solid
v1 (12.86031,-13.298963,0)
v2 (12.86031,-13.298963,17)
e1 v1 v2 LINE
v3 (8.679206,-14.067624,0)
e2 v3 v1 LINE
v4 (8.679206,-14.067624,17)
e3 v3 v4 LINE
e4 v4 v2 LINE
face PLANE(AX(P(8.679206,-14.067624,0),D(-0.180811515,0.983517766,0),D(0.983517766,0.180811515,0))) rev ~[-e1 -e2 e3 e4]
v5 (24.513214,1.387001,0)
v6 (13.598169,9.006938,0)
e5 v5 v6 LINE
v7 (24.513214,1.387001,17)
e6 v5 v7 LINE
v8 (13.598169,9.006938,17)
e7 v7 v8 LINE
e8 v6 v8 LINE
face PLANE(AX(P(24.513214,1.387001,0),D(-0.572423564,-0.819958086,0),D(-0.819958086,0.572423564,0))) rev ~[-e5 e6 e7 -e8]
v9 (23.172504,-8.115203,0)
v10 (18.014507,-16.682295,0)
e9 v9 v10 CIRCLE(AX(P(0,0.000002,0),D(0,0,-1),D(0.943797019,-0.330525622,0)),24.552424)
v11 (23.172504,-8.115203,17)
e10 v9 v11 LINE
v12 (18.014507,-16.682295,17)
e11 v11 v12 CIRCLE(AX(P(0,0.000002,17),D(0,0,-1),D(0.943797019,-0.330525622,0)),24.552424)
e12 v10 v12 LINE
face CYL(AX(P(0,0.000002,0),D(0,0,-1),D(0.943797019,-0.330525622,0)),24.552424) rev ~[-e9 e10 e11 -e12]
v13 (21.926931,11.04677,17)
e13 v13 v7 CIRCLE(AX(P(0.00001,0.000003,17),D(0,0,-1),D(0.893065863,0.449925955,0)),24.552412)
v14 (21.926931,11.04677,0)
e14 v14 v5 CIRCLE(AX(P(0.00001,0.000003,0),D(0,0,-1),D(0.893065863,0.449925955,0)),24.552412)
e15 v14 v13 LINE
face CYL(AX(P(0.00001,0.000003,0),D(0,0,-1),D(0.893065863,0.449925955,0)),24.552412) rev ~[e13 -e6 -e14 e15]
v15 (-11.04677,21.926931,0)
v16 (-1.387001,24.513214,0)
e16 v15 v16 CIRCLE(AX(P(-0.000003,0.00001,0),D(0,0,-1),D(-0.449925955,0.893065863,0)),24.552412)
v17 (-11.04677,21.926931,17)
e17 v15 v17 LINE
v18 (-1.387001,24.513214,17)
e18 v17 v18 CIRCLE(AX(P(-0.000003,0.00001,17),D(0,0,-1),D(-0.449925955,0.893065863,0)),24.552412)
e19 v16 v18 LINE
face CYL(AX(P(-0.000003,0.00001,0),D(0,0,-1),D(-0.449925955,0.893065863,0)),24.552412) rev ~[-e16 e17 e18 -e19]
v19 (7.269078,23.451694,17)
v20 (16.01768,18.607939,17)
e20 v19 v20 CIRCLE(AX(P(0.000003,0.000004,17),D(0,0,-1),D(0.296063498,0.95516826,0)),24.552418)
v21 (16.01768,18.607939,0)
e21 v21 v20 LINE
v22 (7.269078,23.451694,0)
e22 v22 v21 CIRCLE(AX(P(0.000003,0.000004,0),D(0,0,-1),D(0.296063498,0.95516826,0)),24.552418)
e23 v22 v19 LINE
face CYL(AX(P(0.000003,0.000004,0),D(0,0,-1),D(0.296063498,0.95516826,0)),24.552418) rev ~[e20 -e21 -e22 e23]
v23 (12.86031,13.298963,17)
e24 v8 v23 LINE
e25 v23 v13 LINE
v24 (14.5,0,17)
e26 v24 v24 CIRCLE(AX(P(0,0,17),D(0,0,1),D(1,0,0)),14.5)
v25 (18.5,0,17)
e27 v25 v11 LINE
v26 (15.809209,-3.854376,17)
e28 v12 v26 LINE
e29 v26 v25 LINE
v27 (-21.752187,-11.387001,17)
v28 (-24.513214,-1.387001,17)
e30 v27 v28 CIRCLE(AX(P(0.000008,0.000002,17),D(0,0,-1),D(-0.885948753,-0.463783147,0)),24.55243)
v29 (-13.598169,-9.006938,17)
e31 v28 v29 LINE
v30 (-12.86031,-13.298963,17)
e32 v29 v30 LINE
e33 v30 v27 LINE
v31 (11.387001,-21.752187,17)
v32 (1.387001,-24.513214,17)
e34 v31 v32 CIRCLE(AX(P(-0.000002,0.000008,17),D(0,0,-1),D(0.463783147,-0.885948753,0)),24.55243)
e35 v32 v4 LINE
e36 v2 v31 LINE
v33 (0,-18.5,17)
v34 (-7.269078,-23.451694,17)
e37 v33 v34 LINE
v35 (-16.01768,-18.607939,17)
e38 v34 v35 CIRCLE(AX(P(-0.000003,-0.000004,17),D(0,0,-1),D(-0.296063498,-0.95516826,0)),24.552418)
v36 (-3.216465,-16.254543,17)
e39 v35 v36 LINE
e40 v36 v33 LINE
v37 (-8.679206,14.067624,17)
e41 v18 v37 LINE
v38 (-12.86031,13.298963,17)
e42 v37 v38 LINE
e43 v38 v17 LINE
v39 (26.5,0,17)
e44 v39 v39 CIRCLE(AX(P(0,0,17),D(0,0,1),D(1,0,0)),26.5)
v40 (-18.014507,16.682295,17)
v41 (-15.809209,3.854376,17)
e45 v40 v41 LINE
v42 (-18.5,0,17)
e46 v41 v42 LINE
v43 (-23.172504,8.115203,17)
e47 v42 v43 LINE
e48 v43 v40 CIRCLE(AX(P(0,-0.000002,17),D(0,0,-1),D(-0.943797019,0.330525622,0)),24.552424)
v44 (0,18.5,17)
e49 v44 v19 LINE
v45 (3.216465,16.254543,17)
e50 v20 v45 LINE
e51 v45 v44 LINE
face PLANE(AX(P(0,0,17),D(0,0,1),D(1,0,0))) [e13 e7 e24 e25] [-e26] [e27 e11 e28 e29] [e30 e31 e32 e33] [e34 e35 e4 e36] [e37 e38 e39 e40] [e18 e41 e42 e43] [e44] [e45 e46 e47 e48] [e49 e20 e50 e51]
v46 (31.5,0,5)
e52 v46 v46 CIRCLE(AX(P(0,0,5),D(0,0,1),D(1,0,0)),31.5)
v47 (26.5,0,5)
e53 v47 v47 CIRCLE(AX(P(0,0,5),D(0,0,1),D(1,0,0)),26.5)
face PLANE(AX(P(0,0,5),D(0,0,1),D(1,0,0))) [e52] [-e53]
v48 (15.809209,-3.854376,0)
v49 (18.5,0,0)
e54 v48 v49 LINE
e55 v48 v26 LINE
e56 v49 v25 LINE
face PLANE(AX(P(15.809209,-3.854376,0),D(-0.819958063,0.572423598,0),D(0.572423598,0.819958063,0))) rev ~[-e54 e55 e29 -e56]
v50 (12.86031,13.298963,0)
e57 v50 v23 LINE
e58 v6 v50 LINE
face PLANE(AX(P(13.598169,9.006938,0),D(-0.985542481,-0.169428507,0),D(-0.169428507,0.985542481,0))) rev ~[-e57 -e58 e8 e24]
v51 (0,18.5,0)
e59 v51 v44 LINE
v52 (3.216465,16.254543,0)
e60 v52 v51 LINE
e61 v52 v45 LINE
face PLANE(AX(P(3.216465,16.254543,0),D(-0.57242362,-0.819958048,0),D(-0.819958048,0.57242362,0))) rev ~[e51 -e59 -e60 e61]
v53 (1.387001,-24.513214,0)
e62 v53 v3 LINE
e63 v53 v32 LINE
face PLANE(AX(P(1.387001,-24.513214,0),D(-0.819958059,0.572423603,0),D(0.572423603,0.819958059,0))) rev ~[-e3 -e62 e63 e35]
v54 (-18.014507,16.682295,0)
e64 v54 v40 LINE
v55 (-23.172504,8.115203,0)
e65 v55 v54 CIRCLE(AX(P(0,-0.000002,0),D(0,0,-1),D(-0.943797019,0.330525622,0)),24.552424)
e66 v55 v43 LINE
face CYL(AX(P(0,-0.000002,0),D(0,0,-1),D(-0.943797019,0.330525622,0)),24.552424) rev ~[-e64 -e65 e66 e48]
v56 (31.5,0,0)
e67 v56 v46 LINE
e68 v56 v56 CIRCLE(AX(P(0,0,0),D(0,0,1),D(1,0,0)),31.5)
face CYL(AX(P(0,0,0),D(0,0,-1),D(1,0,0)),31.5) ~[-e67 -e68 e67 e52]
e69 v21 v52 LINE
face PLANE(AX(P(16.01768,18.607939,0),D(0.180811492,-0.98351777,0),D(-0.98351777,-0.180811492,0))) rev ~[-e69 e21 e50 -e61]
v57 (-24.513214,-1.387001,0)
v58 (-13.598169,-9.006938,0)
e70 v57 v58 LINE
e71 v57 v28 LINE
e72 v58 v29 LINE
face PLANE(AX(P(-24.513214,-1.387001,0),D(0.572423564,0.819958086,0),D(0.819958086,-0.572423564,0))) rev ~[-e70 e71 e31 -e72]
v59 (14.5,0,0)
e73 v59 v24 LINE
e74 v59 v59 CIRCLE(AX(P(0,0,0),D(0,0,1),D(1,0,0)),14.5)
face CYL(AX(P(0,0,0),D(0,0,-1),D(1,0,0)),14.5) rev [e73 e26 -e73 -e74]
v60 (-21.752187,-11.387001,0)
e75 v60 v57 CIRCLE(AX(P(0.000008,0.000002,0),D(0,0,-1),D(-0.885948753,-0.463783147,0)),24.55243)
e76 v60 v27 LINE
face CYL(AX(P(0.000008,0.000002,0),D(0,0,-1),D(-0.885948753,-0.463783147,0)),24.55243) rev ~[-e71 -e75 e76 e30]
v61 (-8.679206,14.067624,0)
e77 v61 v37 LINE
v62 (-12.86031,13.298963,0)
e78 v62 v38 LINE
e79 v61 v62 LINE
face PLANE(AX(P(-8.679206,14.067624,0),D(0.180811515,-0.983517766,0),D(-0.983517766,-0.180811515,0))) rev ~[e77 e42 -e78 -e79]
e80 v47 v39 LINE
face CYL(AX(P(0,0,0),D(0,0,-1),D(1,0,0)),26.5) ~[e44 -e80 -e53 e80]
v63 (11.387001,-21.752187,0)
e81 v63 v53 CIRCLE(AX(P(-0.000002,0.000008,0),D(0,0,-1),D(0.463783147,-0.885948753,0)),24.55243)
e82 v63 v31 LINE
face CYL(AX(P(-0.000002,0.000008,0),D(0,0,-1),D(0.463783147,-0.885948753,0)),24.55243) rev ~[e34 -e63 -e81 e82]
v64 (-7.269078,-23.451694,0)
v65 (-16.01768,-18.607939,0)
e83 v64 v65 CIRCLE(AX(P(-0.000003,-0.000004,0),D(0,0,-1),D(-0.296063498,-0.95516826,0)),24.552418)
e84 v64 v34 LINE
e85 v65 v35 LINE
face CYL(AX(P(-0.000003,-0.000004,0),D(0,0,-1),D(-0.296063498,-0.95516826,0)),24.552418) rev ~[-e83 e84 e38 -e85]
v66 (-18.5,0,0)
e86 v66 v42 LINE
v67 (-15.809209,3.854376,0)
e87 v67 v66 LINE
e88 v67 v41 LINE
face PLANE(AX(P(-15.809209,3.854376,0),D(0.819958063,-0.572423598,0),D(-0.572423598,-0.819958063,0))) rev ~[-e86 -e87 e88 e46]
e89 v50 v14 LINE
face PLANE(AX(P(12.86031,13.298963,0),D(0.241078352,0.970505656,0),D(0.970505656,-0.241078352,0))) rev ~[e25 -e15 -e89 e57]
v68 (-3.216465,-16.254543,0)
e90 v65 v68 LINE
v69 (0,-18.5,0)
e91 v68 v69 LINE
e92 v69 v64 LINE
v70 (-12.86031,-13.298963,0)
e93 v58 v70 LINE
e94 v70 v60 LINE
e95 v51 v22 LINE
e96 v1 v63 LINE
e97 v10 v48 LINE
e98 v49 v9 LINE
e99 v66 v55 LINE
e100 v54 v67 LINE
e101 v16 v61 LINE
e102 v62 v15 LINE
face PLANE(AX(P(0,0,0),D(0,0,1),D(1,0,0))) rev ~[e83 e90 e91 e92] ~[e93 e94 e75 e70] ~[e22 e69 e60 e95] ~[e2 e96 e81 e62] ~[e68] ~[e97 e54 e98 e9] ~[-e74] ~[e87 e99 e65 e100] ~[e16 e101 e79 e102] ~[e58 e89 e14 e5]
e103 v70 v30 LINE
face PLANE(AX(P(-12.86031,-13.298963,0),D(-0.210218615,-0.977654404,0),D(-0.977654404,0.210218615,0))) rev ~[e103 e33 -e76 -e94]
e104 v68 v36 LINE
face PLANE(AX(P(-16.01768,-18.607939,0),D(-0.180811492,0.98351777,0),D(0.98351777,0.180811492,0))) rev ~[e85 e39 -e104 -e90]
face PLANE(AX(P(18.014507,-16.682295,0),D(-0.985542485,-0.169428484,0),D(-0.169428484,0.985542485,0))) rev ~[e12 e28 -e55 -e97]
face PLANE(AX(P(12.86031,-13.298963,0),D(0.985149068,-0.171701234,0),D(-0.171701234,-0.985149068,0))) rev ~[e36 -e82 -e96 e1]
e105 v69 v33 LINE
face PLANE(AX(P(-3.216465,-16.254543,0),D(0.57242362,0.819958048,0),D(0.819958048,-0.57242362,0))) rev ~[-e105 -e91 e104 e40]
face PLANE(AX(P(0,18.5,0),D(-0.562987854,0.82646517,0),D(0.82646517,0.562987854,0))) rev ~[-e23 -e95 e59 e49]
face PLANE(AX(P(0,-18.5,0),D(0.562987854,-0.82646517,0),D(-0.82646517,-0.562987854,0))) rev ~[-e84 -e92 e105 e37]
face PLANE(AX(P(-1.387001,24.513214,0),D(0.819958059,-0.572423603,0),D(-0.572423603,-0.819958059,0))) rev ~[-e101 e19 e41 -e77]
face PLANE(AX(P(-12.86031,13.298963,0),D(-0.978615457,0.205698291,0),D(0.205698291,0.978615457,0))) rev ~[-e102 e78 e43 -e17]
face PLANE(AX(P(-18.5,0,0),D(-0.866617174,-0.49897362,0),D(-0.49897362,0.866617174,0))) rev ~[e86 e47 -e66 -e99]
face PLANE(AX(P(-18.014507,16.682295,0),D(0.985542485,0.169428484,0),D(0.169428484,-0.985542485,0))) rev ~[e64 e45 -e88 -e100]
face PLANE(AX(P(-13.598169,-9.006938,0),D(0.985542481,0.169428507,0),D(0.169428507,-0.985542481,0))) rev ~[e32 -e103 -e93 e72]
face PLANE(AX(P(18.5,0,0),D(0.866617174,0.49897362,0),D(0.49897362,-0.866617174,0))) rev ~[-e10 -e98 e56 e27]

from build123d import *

# Parameters (mm, degrees)
F0_R     = 26.5
F0_R_2   = 14.5
F1_DEPTH = 17
F0_R_3   = 31.5
F2_DEPTH = 5
F3_DEPTH = 17


with BuildPart() as f1:
    # F0 (on Top) → F1 (new body)
    with BuildSketch(Plane.XY):
        Circle(F0_R)
        with BuildLine():
            Line((-3.216465, -16.254543), (0, -18.5))
            Line((0, -18.5), (-7.269078, -23.451694))
            ThreePointArc((-7.269078, -23.451694), (-11.892593, -21.479937), (-16.01768, -18.607939))
            Line((-16.01768, -18.607939), (-3.216465, -16.254543))
        make_face(mode=Mode.SUBTRACT)
        with BuildLine():
            Line((-13.598169, -9.006938), (-12.86031, -13.298963))
            Line((-12.86031, -13.298963), (-21.752187, -11.387001))
            ThreePointArc((-21.752187, -11.387001), (-23.666893, -6.534493), (-24.513214, -1.387001))
            Line((-24.513214, -1.387001), (-13.598169, -9.006938))
        make_face(mode=Mode.SUBTRACT)
        with BuildLine():
            Line((8.679206, -14.067624), (12.86031, -13.298963))
            Line((12.86031, -13.298963), (11.387001, -21.752187))
            ThreePointArc((11.387001, -21.752187), (6.534493, -23.666893), (1.387001, -24.513214))
            Line((1.387001, -24.513214), (8.679206, -14.067624))
        make_face(mode=Mode.SUBTRACT)
        with BuildLine():
            Line((15.809209, -3.854376), (18.5, 0))
            Line((18.5, 0), (23.172504, -8.115203))
            ThreePointArc((23.172504, -8.115203), (21.034287, -12.664131), (18.014507, -16.682295))
            Line((18.014507, -16.682295), (15.809209, -3.854376))
        make_face(mode=Mode.SUBTRACT)
        with BuildLine():
            Line((-15.809209, 3.854376), (-18.5, 0))
            Line((-18.5, 0), (-23.172504, 8.115203))
            ThreePointArc((-23.172504, 8.115203), (-21.034287, 12.664131), (-18.014507, 16.682295))
            Line((-18.014507, 16.682295), (-15.809209, 3.854376))
        make_face(mode=Mode.SUBTRACT)
        with BuildLine():
            Line((-8.679206, 14.067624), (-12.86031, 13.298963))
            Line((-12.86031, 13.298963), (-11.04677, 21.926931))
            ThreePointArc((-11.04677, 21.926931), (-6.349952, 23.717073), (-1.387001, 24.513214))
            Line((-1.387001, 24.513214), (-8.679206, 14.067624))
        make_face(mode=Mode.SUBTRACT)
        Circle(F0_R_2, mode=Mode.SUBTRACT)
        with BuildLine():
            Line((13.598169, 9.006938), (12.86031, 13.298963))
            Line((12.86031, 13.298963), (21.926931, 11.04677))
            ThreePointArc((21.926931, 11.04677), (23.717073, 6.349952), (24.513214, 1.387001))
            Line((24.513214, 1.387001), (13.598169, 9.006938))
        make_face(mode=Mode.SUBTRACT)
        with BuildLine():
            Line((3.216465, 16.254543), (0, 18.5))
            Line((0, 18.5), (7.269078, 23.451694))
            ThreePointArc((7.269078, 23.451694), (11.892593, 21.479937), (16.01768, 18.607939))
            Line((16.01768, 18.607939), (3.216465, 16.254543))
        make_face(mode=Mode.SUBTRACT)
    extrude(amount=F1_DEPTH)

    # F0 (on Top) → F2 (join)
    with BuildSketch(Plane.XY):
        Circle(F0_R_3)
        Circle(F0_R, mode=Mode.SUBTRACT)
    extrude(amount=F2_DEPTH)

    # F0 (on Top) → F3 (cut)
    with BuildSketch(Plane.XY):
        with BuildLine():
            Line((23.172504, -8.115203), (18.5, 0))
            Line((18.5, 0), (15.809209, -3.854376))
            Line((15.809209, -3.854376), (18.014507, -16.682295))
            ThreePointArc((18.014507, -16.682295), (21.034287, -12.664131), (23.172504, -8.115203))
        make_face()
        with BuildLine():
            Line((11.387001, -21.752187), (12.86031, -13.298963))
            Line((12.86031, -13.298963), (8.679206, -14.067624))
            Line((8.679206, -14.067624), (1.387001, -24.513214))
            ThreePointArc((1.387001, -24.513214), (6.534493, -23.666893), (11.387001, -21.752187))
        make_face()
        with BuildLine():
            Line((-7.269078, -23.451694), (0, -18.5))
            Line((0, -18.5), (-3.216465, -16.254543))
            Line((-3.216465, -16.254543), (-16.01768, -18.607939))
            ThreePointArc((-16.01768, -18.607939), (-11.892593, -21.479937), (-7.269078, -23.451694))
        make_face()
        with BuildLine():
            Line((-21.752187, -11.387001), (-12.86031, -13.298963))
            Line((-12.86031, -13.298963), (-13.598169, -9.006938))
            Line((-13.598169, -9.006938), (-24.513214, -1.387001))
            ThreePointArc((-24.513214, -1.387001), (-23.666893, -6.534493), (-21.752187, -11.387001))
        make_face()
        with BuildLine():
            Line((-23.172504, 8.115203), (-18.5, 0))
            Line((-18.5, 0), (-15.809209, 3.854376))
            Line((-15.809209, 3.854376), (-18.014507, 16.682295))
            ThreePointArc((-18.014507, 16.682295), (-21.034287, 12.664131), (-23.172504, 8.115203))
        make_face()
        with BuildLine():
            Line((-11.04677, 21.926931), (-12.86031, 13.298963))
            Line((-12.86031, 13.298963), (-8.679206, 14.067624))
            Line((-8.679206, 14.067624), (-1.387001, 24.513214))
            ThreePointArc((-1.387001, 24.513214), (-6.349952, 23.717073), (-11.04677, 21.926931))
        make_face()
        with BuildLine():
            Line((7.269078, 23.451694), (0, 18.5))
            Line((0, 18.5), (3.216465, 16.254543))
            Line((3.216465, 16.254543), (16.01768, 18.607939))
            ThreePointArc((16.01768, 18.607939), (11.892593, 21.479937), (7.269078, 23.451694))
        make_face()
        with BuildLine():
            Line((21.926931, 11.04677), (12.86031, 13.298963))
            Line((12.86031, 13.298963), (13.598169, 9.006938))
            Line((13.598169, 9.006938), (24.513214, 1.387001))
            ThreePointArc((24.513214, 1.387001), (23.717073, 6.349952), (21.926931, 11.04677))
        make_face()
    extrude(amount=F3_DEPTH, mode=Mode.SUBTRACT)


solid = f1.part
